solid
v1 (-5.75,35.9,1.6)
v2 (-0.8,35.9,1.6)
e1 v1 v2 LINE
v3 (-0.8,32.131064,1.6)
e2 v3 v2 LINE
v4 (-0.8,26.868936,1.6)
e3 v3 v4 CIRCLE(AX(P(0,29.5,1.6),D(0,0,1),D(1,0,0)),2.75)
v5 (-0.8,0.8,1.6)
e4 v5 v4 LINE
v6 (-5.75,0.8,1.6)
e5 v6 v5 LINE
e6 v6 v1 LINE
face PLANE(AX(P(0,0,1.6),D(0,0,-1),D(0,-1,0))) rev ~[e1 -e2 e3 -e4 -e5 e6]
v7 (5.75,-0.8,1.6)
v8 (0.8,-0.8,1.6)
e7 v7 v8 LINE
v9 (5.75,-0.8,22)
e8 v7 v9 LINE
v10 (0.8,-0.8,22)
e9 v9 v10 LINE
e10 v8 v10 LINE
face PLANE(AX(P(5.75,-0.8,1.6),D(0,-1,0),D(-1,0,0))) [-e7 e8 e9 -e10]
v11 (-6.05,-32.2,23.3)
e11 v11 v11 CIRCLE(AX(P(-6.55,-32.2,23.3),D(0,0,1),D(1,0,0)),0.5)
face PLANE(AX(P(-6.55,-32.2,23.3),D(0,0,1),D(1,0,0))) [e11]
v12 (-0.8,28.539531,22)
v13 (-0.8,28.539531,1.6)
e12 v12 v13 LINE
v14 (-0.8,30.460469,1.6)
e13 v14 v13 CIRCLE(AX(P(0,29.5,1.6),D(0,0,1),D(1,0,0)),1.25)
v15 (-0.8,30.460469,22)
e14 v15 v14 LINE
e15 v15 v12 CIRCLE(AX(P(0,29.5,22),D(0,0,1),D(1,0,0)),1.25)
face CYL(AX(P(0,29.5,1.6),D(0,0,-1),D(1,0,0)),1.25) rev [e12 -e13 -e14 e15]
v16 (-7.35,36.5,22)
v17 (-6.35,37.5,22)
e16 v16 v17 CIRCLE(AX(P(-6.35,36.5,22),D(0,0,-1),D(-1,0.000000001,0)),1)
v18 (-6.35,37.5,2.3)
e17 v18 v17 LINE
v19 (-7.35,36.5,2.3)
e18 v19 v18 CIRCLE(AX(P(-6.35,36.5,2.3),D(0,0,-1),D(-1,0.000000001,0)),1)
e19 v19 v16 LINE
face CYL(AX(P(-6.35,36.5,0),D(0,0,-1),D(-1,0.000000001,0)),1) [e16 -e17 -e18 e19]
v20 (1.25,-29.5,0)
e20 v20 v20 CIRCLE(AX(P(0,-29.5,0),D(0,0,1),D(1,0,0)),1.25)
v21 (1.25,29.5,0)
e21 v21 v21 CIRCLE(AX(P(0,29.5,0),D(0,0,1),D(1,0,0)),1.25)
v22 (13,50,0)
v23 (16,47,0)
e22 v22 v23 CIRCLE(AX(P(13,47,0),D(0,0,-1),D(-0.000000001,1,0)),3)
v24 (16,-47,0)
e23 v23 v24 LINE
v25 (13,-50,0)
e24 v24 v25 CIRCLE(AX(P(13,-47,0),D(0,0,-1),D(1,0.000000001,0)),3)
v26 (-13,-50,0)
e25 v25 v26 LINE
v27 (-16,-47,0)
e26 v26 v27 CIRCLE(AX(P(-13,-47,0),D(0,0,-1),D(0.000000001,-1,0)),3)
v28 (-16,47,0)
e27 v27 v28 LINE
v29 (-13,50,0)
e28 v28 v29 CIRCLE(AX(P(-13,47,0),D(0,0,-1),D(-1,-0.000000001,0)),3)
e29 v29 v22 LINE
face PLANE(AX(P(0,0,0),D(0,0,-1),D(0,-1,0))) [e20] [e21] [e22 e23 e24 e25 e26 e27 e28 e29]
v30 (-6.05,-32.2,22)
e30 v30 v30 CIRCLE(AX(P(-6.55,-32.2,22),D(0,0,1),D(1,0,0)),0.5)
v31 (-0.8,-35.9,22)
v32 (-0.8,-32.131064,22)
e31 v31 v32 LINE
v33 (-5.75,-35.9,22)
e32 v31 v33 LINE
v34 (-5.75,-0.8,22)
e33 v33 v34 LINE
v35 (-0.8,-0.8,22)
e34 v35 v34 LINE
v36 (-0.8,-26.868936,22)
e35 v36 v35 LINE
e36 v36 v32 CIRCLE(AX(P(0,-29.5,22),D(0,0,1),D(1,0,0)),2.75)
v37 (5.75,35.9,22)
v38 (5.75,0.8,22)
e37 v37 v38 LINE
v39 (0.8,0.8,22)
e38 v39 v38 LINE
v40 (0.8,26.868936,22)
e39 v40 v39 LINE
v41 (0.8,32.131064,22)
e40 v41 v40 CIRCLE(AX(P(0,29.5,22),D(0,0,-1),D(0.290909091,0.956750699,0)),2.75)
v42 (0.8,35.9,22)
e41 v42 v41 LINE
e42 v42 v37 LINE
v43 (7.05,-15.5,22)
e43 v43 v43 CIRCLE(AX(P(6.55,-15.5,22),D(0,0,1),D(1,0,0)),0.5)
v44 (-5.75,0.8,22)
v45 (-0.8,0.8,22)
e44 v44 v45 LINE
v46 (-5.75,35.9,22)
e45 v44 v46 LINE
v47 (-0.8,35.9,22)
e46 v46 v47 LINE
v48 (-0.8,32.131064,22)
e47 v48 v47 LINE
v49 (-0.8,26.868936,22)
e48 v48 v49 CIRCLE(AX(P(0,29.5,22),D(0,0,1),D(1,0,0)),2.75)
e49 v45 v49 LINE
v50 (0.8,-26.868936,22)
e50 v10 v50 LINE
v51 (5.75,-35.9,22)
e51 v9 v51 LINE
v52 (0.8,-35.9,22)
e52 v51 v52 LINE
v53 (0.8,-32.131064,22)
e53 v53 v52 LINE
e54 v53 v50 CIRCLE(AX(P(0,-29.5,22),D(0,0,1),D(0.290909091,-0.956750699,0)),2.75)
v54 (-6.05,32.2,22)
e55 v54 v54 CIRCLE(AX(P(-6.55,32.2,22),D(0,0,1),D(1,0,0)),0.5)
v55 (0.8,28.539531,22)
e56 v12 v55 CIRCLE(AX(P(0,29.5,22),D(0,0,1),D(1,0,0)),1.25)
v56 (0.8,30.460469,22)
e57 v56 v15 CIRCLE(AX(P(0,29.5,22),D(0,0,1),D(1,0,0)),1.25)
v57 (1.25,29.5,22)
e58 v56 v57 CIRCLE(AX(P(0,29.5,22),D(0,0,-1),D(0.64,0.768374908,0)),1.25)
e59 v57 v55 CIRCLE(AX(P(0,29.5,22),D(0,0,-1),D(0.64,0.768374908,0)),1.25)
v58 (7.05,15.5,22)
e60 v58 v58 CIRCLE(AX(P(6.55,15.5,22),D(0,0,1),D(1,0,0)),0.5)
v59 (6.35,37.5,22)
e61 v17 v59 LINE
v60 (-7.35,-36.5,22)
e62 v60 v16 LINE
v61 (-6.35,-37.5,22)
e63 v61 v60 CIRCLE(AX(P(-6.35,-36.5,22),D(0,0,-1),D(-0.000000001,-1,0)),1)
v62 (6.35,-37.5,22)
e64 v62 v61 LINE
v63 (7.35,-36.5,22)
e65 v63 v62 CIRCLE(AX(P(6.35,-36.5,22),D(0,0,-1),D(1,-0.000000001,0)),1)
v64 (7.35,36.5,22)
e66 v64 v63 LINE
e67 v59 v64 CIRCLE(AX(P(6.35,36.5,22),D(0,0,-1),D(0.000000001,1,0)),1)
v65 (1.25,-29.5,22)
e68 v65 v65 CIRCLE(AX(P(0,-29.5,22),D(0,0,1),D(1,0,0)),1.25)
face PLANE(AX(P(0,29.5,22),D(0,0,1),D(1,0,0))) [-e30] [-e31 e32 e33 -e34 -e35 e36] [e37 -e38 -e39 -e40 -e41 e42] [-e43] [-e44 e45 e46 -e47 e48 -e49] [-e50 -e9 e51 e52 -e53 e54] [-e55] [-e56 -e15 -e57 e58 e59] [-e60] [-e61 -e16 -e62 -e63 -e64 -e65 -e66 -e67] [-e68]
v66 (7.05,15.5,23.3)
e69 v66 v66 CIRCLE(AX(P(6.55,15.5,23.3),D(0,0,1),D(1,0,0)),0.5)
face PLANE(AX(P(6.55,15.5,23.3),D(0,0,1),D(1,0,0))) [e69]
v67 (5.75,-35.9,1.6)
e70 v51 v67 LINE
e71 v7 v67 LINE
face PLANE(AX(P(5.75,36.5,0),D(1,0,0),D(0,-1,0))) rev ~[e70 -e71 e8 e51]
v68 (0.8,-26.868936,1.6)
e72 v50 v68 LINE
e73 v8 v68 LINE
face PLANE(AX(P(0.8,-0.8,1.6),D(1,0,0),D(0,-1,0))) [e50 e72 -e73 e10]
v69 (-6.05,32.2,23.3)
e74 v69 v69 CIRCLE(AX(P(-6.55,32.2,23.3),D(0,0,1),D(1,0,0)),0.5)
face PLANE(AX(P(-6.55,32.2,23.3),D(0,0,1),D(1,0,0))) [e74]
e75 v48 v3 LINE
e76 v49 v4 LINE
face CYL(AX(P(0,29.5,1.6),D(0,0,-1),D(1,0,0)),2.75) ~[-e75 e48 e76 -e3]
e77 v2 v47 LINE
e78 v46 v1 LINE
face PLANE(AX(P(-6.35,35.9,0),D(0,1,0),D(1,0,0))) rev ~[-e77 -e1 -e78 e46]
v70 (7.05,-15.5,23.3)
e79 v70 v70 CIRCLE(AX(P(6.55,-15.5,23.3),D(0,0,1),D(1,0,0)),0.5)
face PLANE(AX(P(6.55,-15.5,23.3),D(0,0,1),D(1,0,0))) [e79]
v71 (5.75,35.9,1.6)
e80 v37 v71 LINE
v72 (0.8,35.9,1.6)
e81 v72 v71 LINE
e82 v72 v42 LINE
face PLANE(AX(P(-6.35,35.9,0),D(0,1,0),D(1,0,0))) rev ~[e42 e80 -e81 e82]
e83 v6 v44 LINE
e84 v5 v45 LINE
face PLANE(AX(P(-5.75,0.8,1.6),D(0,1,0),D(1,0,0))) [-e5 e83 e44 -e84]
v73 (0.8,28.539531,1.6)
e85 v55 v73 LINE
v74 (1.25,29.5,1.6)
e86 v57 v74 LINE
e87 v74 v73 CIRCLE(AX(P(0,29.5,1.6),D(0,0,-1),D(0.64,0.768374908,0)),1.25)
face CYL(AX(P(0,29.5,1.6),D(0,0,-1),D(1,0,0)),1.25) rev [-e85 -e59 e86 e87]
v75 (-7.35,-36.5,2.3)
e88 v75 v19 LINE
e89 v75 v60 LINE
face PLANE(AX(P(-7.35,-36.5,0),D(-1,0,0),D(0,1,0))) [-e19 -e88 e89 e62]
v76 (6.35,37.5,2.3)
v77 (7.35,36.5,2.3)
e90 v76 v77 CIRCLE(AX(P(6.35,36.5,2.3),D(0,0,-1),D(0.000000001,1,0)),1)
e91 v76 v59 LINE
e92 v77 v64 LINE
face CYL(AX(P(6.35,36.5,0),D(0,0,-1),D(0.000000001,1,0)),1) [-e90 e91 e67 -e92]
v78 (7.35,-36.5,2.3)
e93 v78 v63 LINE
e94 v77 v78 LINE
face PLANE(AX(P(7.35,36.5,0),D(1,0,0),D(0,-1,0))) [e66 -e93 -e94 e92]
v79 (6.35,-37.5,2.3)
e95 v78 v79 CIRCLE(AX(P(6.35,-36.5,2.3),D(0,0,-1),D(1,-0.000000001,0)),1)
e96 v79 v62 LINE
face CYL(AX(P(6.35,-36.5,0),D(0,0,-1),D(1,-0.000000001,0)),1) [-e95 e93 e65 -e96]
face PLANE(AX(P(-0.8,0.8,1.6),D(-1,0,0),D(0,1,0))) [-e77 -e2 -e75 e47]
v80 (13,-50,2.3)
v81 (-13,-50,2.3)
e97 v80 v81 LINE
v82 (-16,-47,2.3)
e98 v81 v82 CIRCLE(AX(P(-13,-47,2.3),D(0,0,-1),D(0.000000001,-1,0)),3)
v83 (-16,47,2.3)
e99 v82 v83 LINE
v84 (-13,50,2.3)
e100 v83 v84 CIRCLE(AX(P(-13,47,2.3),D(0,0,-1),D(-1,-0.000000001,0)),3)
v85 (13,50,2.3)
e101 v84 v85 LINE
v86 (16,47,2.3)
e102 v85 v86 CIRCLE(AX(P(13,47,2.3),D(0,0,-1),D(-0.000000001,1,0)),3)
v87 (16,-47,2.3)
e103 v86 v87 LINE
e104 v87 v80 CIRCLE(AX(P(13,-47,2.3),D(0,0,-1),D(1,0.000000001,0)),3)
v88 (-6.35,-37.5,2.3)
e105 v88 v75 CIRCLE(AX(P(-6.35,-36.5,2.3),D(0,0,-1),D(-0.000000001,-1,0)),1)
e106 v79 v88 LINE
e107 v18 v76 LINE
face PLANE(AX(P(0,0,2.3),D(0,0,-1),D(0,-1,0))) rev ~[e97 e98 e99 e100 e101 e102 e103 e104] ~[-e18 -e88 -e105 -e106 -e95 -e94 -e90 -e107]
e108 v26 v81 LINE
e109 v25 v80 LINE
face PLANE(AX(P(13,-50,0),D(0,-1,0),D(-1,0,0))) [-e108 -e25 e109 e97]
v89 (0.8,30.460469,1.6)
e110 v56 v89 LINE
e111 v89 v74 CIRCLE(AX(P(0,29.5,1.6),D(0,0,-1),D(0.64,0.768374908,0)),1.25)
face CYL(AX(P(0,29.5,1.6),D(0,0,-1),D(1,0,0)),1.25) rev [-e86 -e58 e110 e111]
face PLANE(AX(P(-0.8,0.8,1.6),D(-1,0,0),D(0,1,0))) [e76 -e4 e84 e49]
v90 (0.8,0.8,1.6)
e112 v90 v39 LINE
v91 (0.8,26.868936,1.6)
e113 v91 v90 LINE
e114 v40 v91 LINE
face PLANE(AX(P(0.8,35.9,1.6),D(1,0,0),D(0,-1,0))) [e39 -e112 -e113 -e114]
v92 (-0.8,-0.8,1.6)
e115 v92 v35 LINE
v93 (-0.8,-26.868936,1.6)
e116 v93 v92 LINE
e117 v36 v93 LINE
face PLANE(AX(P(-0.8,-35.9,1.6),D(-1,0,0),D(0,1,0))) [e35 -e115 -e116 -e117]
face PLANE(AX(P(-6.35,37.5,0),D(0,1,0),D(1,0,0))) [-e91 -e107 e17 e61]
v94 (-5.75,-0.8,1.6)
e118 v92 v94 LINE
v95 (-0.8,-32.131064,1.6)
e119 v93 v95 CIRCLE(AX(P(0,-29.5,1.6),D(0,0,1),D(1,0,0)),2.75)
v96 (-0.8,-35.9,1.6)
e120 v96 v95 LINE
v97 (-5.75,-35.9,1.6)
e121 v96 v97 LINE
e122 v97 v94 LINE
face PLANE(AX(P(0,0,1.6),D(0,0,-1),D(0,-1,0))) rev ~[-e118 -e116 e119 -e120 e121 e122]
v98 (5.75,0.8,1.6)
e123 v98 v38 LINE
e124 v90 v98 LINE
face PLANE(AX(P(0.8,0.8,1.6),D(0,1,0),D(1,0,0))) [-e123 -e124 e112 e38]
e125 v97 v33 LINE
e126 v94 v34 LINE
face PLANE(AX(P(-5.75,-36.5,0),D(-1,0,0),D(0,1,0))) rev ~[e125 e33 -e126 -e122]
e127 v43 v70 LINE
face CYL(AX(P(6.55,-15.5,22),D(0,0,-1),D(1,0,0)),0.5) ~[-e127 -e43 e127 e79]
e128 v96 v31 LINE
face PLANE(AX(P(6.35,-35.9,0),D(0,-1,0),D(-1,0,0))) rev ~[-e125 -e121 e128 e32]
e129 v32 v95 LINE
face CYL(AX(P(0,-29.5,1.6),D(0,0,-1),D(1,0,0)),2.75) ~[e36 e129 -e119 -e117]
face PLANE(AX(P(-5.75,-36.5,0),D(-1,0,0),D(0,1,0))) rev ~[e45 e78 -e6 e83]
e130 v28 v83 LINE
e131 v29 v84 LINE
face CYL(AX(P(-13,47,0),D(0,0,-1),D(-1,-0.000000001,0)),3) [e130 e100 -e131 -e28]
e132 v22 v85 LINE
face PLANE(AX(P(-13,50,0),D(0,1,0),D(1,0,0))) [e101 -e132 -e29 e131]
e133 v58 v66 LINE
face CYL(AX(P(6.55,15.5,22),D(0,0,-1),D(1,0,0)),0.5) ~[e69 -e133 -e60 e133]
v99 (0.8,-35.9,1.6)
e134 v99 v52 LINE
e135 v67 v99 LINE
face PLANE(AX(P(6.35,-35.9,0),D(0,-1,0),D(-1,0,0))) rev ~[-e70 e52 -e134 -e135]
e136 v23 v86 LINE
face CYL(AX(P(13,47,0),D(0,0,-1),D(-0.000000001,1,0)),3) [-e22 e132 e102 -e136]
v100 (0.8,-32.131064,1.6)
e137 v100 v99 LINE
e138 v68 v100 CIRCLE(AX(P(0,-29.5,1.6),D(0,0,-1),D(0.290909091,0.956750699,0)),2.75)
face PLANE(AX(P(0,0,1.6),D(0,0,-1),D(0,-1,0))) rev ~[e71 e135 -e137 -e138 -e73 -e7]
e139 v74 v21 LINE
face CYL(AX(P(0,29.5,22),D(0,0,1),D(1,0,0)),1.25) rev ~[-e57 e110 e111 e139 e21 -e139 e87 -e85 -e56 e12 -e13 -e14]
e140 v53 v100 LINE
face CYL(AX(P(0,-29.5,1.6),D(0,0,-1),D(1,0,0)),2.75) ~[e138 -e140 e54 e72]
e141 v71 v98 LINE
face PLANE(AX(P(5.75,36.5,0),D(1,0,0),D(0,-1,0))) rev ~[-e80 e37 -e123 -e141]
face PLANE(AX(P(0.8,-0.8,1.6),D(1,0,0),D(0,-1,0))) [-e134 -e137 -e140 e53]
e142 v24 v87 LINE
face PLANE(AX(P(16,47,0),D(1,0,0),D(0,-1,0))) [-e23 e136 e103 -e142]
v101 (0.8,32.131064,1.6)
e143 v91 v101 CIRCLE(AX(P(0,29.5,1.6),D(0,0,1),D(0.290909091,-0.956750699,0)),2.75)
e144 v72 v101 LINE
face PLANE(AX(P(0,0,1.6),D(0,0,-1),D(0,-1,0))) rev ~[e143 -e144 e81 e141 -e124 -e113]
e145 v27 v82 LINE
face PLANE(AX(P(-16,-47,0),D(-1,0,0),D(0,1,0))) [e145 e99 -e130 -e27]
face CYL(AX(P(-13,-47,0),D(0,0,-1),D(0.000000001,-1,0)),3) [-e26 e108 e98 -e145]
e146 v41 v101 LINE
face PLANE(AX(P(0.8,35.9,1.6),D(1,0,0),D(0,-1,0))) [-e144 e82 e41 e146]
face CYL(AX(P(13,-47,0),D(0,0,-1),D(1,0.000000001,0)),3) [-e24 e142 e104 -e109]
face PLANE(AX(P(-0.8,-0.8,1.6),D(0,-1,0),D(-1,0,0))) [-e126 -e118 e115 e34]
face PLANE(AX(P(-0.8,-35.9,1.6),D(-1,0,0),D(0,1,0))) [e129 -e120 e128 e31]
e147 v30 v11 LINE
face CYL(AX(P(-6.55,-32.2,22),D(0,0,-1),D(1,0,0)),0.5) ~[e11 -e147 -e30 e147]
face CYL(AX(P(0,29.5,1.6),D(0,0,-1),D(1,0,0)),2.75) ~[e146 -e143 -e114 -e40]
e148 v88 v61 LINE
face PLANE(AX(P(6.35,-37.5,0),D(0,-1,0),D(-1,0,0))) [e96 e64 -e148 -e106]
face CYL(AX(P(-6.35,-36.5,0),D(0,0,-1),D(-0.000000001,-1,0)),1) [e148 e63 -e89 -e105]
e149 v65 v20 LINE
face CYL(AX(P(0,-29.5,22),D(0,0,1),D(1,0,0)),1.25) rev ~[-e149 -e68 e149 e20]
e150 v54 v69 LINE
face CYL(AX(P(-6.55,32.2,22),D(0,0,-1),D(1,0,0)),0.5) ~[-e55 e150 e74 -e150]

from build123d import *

# Parameters (mm, degrees)
EXTRUDE_2_DEPTH     = 22
EXTRUDE_3_DEPTH     = 2.3
SHELL_1_T           = -1.6
EXTRUDE_4_DEPTH     = 20.4
EXTRUDE_START       = -20.4
SKETCH_4_R          = 2.75
SKETCH_4_R_2        = 1.25
EXTRUDE_5_DEPTH     = 20.4
SKETCH_5_R          = 1.25
CUT_EXTRUDE_1_DEPTH = 22
SKETCH_6_R          = 0.5
EXTRUDE_6_DEPTH     = 1.3


with BuildPart() as part:
    # 스케치1 → 보스-돌출2 (new body)
    with BuildSketch(Plane(origin=(0, 0, 0), x_dir=(0, 1, 0), z_dir=(0, 0, 1))):
        with BuildLine():
            Line((-36.5, 7.35), (36.5, 7.35))
            ThreePointArc((36.5, 7.35), (37.207106781, 7.057106781), (37.5, 6.35))
            Line((37.5, 6.35), (37.5, -6.35))
            ThreePointArc((37.5, -6.35), (37.207106781, -7.057106781), (36.5, -7.35))
            Line((36.5, -7.35), (-36.5, -7.35))
            ThreePointArc((-36.5, -7.35), (-37.207106781, -7.057106781), (-37.5, -6.35))
            Line((-37.5, -6.35), (-37.5, 6.35))
            ThreePointArc((-37.5, 6.35), (-37.207106781, 7.057106781), (-36.5, 7.35))
        make_face()
    extrude(amount=EXTRUDE_2_DEPTH)

    # 스케치1<5> → 보스-돌출3 (add)
    with BuildSketch(Plane(origin=(0, 0, 0), x_dir=(0, 1, 0), z_dir=(0, 0, 1))):
        with BuildLine():
            Line((-47, 16), (47, 16))
            ThreePointArc((47, 16), (49.121320344, 15.121320344), (50, 13))
            Line((50, 13), (50, -13))
            ThreePointArc((50, -13), (49.121320344, -15.121320344), (47, -16))
            Line((47, -16), (-47, -16))
            ThreePointArc((-47, -16), (-49.121320344, -15.121320344), (-50, -13))
            Line((-50, -13), (-50, 13))
            ThreePointArc((-50, 13), (-49.121320344, 15.121320344), (-47, 16))
        make_face()
        with BuildLine():
            Line((-36.5, 7.35), (36.5, 7.35))
            ThreePointArc((36.5, 7.35), (37.207106781, 7.057106781), (37.5, 6.35))
            Line((37.5, 6.35), (37.5, -6.35))
            ThreePointArc((37.5, -6.35), (37.207106781, -7.057106781), (36.5, -7.35))
            Line((36.5, -7.35), (-36.5, -7.35))
            ThreePointArc((-36.5, -7.35), (-37.207106781, -7.057106781), (-37.5, -6.35))
            Line((-37.5, -6.35), (-37.5, 6.35))
            ThreePointArc((-37.5, 6.35), (-37.207106781, 7.057106781), (-36.5, 7.35))
        make_face(mode=Mode.SUBTRACT)
    extrude(amount=EXTRUDE_3_DEPTH)

    # 쉘1
    shell_1_openings = [part.faces().sort_by_distance(p)[0] for p in [
        (0, 0, 22),
    ]]
    offset(amount=SHELL_1_T, openings=shell_1_openings, kind=Kind.INTERSECTION)

    # 스케치3 → 보스-돌출4 (add)
    with BuildSketch(Plane.XY.offset(1.6)):
        Polygon((0.8, 35.9), (0.8, 0.8), (5.75, 0.8), (5.75, -0.8), (0.8, -0.8), (0.8, -35.9), (-0.8, -35.9), (-0.8, -0.8), (-5.75, -0.8), (-5.75, 0.8), (-0.8, 0.8), (-0.8, 35.9), align=None)
    extrude(amount=EXTRUDE_4_DEPTH)

    # 스케치4 → 보스-돌출5 (add)
    with BuildSketch(Plane.XY.offset(22).offset(EXTRUDE_START)):
        with Locations((0, 29.5)):
            Circle(SKETCH_4_R)
        with Locations((0, 29.5)):
            Circle(SKETCH_4_R_2, mode=Mode.SUBTRACT)
        with Locations((0, -29.5)):
            Circle(SKETCH_4_R)
    extrude(amount=EXTRUDE_5_DEPTH)

    # 스케치5 → 컷-돌출1 (cut)
    with BuildSketch(Plane.XY.offset(22)):
        with Locations((0, -29.5)):
            Circle(SKETCH_5_R)
        with Locations((0, 29.5)):
            Circle(SKETCH_5_R)
    extrude(amount=-CUT_EXTRUDE_1_DEPTH, mode=Mode.SUBTRACT)

    # 스케치6 → 보스-돌출6 (add)
    with BuildSketch(Plane.XY.offset(22)):
        with Locations((-6.55, -32.2)):
            Circle(SKETCH_6_R)
        with Locations((6.55, -15.5)):
            Circle(SKETCH_6_R)
        with Locations((-6.55, 32.2)):
            Circle(SKETCH_6_R)
        with Locations((6.55, 15.5)):
            Circle(SKETCH_6_R)
    extrude(amount=EXTRUDE_6_DEPTH)


solid = part.part
